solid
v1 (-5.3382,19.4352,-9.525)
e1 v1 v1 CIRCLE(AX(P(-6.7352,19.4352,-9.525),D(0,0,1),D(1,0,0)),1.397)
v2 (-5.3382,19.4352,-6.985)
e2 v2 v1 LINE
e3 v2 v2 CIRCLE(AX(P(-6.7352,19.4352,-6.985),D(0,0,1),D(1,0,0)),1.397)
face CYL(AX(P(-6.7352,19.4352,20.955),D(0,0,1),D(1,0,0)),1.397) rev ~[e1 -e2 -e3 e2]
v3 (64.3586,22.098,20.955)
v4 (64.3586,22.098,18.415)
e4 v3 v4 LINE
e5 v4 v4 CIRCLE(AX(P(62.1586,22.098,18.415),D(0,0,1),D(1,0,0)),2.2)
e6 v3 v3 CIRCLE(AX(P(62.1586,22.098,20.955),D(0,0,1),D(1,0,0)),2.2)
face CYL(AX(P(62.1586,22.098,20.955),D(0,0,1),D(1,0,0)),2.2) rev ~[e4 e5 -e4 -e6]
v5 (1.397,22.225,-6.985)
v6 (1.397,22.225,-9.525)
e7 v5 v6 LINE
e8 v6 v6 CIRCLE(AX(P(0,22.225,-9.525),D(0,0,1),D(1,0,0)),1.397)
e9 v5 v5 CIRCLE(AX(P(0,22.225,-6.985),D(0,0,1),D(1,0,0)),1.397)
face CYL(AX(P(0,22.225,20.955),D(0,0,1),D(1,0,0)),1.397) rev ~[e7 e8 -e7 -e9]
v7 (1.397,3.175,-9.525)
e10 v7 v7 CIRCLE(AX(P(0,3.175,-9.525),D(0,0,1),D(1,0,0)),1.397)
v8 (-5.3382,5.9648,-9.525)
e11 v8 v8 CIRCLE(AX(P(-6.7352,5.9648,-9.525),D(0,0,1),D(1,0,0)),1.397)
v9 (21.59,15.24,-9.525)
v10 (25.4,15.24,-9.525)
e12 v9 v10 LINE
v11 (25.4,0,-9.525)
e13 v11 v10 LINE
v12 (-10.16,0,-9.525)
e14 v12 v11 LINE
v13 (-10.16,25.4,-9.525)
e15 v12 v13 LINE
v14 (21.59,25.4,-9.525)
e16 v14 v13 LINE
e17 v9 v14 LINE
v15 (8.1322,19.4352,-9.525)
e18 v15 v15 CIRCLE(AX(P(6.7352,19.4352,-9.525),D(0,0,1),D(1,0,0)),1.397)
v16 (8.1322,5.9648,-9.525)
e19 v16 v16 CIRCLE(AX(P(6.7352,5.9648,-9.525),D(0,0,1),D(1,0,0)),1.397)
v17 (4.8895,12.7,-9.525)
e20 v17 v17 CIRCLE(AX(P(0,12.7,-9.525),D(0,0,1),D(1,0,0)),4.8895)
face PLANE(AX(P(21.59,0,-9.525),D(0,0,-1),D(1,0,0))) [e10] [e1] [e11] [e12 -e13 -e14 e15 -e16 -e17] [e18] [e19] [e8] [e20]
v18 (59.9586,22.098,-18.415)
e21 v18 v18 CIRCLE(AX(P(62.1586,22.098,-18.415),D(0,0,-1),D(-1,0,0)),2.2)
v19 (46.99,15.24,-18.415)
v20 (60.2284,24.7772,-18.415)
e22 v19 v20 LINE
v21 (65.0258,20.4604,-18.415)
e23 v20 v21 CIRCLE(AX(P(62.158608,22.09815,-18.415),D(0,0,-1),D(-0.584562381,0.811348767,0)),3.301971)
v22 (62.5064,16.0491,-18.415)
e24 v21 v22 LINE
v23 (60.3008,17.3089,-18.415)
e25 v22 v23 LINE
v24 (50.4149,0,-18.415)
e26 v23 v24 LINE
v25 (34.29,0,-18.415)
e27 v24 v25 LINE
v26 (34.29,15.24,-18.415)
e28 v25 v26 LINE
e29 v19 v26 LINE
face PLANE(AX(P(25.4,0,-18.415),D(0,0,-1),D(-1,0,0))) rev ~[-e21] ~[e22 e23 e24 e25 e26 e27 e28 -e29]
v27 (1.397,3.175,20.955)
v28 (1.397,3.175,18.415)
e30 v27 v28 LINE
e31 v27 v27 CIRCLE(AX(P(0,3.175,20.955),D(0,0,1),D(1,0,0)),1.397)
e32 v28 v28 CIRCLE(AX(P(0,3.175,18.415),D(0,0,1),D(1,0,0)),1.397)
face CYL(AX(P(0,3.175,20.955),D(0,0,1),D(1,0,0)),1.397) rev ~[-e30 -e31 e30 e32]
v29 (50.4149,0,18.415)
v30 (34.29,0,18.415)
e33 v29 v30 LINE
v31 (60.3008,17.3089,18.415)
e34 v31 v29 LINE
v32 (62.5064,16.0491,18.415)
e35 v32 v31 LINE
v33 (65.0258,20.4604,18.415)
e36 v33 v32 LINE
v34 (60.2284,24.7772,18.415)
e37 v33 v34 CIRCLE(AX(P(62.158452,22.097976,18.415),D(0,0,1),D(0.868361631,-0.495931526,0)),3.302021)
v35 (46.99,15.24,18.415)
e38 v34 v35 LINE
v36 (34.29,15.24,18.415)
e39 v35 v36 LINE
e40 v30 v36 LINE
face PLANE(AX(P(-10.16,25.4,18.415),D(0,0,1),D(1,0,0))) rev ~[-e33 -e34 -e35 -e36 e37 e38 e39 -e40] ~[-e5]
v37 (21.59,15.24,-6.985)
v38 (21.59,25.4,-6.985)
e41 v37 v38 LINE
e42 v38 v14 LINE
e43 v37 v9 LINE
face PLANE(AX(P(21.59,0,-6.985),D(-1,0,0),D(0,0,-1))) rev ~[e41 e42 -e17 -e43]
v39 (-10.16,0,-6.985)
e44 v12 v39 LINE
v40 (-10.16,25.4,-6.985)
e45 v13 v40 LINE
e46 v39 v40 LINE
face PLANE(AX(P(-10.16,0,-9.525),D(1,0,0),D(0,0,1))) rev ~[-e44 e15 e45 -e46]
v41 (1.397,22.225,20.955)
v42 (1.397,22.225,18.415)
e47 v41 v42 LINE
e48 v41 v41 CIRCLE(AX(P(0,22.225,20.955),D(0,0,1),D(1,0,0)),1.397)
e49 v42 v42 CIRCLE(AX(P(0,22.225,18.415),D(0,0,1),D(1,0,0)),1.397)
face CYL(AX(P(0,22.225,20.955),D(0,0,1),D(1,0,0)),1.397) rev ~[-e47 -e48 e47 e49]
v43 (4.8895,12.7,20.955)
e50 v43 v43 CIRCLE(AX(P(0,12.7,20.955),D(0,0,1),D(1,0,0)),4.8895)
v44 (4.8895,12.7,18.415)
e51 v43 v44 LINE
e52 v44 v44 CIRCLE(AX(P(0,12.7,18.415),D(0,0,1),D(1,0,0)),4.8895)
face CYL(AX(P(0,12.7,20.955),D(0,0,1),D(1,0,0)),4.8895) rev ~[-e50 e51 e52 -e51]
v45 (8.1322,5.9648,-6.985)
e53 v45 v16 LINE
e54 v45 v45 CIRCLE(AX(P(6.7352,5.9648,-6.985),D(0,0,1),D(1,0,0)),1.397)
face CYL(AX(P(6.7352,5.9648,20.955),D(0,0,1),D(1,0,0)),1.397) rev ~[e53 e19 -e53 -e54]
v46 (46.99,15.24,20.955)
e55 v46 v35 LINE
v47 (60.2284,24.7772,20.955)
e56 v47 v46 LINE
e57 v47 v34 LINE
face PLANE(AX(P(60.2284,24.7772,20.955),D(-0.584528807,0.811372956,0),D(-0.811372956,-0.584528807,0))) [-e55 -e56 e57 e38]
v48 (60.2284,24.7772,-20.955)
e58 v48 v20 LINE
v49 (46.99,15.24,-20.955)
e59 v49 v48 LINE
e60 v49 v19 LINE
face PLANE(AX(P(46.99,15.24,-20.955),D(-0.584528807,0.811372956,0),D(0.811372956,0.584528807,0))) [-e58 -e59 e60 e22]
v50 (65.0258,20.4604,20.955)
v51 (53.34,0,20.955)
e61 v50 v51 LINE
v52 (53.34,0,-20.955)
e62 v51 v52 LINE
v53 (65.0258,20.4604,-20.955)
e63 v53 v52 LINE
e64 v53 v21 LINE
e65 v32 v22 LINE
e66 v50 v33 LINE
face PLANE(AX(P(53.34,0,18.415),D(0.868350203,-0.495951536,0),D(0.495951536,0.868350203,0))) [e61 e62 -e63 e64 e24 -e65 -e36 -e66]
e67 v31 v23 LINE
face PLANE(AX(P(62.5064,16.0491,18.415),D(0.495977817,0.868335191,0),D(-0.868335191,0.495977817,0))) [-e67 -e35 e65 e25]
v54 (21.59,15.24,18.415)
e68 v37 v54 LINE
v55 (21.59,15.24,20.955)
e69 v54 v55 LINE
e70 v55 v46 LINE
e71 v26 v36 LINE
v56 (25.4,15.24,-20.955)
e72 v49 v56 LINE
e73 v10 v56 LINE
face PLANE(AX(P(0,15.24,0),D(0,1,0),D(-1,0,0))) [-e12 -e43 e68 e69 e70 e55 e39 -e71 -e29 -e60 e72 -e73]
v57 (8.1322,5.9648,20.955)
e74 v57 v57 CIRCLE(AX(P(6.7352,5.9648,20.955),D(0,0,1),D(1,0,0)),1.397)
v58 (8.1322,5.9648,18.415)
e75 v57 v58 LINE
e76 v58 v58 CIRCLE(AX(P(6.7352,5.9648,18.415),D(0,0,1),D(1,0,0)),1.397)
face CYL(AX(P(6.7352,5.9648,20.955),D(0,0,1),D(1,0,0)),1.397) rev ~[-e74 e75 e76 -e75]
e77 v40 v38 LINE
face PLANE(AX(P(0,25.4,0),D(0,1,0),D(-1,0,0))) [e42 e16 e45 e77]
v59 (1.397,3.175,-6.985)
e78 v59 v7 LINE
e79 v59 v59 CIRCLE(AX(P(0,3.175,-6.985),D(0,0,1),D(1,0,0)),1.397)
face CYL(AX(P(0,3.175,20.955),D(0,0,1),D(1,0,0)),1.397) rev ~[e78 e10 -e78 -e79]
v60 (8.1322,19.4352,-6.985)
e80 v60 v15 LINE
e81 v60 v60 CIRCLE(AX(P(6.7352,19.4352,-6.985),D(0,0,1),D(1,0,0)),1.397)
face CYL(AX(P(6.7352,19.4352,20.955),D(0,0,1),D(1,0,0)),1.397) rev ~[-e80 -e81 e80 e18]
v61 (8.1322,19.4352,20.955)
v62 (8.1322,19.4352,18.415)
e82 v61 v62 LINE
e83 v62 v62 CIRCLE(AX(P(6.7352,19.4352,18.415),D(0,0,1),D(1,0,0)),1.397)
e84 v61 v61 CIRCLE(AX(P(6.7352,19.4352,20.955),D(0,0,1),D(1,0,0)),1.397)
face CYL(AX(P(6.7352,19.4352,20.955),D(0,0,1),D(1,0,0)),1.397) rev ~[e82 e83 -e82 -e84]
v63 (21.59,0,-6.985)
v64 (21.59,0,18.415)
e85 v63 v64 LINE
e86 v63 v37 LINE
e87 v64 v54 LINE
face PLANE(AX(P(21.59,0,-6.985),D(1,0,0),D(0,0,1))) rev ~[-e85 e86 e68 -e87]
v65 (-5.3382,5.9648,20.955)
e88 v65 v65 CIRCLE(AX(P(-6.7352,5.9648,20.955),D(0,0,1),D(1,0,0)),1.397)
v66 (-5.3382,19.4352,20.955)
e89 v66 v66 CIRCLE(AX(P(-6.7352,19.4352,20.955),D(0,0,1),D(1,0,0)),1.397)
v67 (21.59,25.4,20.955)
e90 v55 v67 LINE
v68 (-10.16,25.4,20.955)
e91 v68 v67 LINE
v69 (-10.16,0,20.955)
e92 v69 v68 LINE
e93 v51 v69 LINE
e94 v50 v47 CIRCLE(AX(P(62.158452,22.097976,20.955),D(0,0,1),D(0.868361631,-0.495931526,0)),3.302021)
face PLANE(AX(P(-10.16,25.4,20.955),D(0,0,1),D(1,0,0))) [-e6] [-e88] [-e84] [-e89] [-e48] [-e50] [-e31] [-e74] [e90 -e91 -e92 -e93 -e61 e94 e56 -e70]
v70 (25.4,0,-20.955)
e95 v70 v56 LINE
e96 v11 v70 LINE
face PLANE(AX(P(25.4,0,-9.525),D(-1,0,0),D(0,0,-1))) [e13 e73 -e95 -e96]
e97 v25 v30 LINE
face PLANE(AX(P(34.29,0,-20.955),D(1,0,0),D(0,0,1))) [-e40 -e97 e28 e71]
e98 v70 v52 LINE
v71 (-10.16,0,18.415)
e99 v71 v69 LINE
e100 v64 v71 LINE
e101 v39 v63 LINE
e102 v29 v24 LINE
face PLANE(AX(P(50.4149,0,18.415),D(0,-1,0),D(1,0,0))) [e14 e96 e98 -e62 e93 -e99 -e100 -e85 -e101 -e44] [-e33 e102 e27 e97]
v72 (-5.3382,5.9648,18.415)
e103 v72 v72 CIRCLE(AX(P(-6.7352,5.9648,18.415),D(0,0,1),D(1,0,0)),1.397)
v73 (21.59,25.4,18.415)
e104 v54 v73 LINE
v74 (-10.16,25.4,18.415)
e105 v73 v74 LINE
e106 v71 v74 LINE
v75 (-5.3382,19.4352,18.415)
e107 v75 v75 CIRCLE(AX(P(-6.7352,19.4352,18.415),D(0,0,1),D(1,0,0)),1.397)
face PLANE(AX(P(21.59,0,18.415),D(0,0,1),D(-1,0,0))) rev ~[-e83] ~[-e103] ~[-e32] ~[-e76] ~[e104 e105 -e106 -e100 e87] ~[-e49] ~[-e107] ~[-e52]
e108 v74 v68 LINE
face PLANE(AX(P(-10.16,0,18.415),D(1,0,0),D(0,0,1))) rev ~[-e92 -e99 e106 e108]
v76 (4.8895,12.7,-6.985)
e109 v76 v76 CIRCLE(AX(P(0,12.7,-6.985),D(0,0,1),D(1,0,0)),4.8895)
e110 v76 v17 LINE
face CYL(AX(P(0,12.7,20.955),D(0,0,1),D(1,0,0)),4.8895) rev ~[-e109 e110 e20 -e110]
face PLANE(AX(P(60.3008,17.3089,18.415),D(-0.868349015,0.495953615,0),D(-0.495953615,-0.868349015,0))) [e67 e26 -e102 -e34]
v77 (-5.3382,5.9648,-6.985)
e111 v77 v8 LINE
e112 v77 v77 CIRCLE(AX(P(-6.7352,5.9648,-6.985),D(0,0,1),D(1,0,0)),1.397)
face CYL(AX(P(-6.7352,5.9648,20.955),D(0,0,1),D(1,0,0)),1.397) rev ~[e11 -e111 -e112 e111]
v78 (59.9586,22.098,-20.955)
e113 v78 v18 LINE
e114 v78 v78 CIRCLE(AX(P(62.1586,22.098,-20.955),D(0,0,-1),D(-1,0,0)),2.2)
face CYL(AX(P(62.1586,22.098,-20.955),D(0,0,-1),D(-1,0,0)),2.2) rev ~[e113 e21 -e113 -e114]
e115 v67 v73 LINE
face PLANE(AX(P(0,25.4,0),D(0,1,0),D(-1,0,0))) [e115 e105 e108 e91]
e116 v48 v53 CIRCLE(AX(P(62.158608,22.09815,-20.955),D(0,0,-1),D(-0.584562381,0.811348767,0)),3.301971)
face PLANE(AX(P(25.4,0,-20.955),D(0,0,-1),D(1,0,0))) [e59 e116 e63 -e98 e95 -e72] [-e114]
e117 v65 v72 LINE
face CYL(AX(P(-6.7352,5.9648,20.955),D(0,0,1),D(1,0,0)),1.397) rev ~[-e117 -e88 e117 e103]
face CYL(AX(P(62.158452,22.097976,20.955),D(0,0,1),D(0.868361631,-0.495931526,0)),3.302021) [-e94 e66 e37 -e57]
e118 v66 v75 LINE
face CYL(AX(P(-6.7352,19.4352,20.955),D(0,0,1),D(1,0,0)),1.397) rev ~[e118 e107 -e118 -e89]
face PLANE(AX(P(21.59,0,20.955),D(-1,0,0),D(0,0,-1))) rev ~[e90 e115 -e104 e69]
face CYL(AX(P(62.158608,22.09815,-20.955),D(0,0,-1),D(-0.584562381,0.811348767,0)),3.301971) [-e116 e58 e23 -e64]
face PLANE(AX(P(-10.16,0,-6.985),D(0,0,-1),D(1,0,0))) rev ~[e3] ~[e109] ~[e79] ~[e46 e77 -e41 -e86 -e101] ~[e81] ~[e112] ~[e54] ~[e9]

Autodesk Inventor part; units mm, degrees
ref_plane "YZ Plane" through (0, 0, 0) normal (1, 0, 0) x (0, 1, 0)
ref_plane "XZ Plane" through (0, 0, 0) normal (0, 1, 0) x (-1, 0, 0)
ref_plane "XY Plane" through (0, 0, 0) normal (0, 0, 1) x (1, 0, 0)
sketch "Sketch1" plane through (0, 0, 0) normal (0, 1, 0) x (-1, 0, 0)
  line L0 (10.16, 20.955) -> (-21.59, 20.955)
  line L1 (-21.59, 20.955) -> (-21.59, 18.415)
  line L2 (-21.59, 18.415) -> (10.16, 18.415)
  line L3 (10.16, 18.415) -> (10.16, 20.955)
  line L4 (10.16, -6.985) -> (-21.59, -6.985)
  line L5 (-21.59, -6.985) -> (-21.59, -9.525)
  line L6 (-21.59, -9.525) -> (10.16, -9.525)
  line L7 (10.16, -9.525) -> (10.16, -6.985)
  point P0 (0, 0)
  dimension "d0" = 31.75
  dimension "d1" = 2.54
  dimension "d2" = 10.16
  dimension "d3" = 20.955
  dimension "d4" = 31.75
  dimension "d5" = 2.54
  dimension "d6" = 10.16
  dimension "d7" = 30.48
extrude "Extrusion1" add sketch "Sketch1" along normal blind 25.4
sketch "Sketch2" plane through (0, 0, 0) normal (0, 1, 0) x (-1, 0, 0)
  line L0 (-21.59, 18.415) -> (10.16, 18.415) projected
  line L1 (10.16, -6.985) -> (-21.59, -6.985) projected
  line L2 (-21.59, 18.415) -> (-34.29, 18.415)
  line L3 (10.16, 18.415) -> (10.16, 20.955) projected
  line L4 (-21.59, -9.525) -> (-25.4, -9.525)
  line L5 (-21.59, -6.985) -> (-21.59, -9.525) projected
  line L6 (-21.59, -9.525) -> (-21.59, 18.415)
  line L7 (-25.4, -9.525) -> (-25.4, -20.955)
  line L8 (-25.4, -20.955) -> (-34.29, -20.955)
  line L9 (-34.29, -20.955) -> (-34.29, 18.415)
  line L10 (-21.59, 18.415) -> (10.16, 18.415) projected
  line L11 (10.16, -9.525) -> (10.16, -6.985) projected
  line L12 (10.16, 20.955) -> (-21.59, 20.955) projected
  point P0 (0, 0)
  point P1 (-21.59, -6.985)
  dimension "d16" = 35.56
  dimension "d17" = 41.91
  dimension "d18" = 12.7
extrude "Extrusion2" add sketch "Sketch2" along normal blind 15.24
sketch "Sketch4" plane through (0, 0, 0) normal (0, 1, 0) x (-1, 0, 0)
  line L0 (-34.29, -20.955) -> (-25.4, -20.955) projected
  line L1 (-34.29, -20.955) -> (-53.34, -20.955)
  line L2 (-53.34, -20.955) -> (-53.34, -18.415)
  line L3 (-53.34, -18.415) -> (-34.29, -18.415)
  line L4 (-34.29, -18.415) -> (-34.29, -20.955)
  line L5 (-21.59, 20.955) -> (-53.34, 20.955)
  line L6 (-53.34, 20.955) -> (-53.34, 18.415)
  line L7 (-53.34, 18.415) -> (-21.59, 18.415)
  line L8 (-21.59, 18.415) -> (-21.59, 20.955)
  line L9 (10.16, 18.415) -> (10.16, 20.955) projected
  line L10 (10.16, -9.525) -> (10.16, -6.985) projected
  point P0 (0, 0)
  point P1 (-50.8, -18.415)
  dimension "d20" = 2.54
  dimension "d24" = 2.54
  dimension "d55" = 63.5
  dimension "d56" = 63.5
extrude "Extrusion3" add sketch "Sketch4" along normal blind 15.24
sketch "Sketch5" plane through (-10.16, 25.4, 20.955) normal (0, 0, 1) x (1, 0, 0)
  circle A0 centre (10.16, -12.7) radius 4.8895
  line L0 (0, -25.4) -> (0, 0) projected
  line L1 (-16.3, -25.4) -> (92.4658, -25.4) projected
  circle A1 centre (10.16, -22.225) radius 1.397
  circle A2 centre (16.8952, -19.4352) radius 1.397
  circle A3 centre (19.685, -12.7) radius 1.397
  circle A4 centre (16.8952, -5.9648) radius 1.397
  circle A5 centre (10.16, -3.175) radius 1.397
  circle A6 centre (3.4248, -5.9648) radius 1.397
  circle A7 centre (0.635, -12.7) radius 1.397
  circle A8 centre (3.4248, -19.4352) radius 1.397
  point P0 (10.16, -25.4)
  dimension "d26" = 9.779
  dimension "d27" = 10.16
  dimension "d28" = 12.7
  dimension "d29" = 2.794
  dimension "d30" = 9.525
  dimension "d33" = 360
extrude "Extrusion4" cut sketch "Sketch5" against normal through all contours A0 | A1 | A2 | A4 | A5 | A6 | A8
sketch "Sketch6" plane through (-10.16, 25.4, 20.955) normal (0, 0, 1) x (1, 0, 0)
  circle A0 centre (72.3186, -3.302) radius 2.2
  circle A1 centre (10.16, -12.7) radius 4.8895 construction
  line L0 (0, 0) -> (31.75, 0) construction
  line L1 (75.6206, -25.4) -> (75.6206, 0) construction
  line L2 (75.6206, -25.4) -> (101.0206, -25.4) construction
  arc A2 (75.1858, -4.9396) -> (70.3884, -0.6228) centre (72.3186, -3.302) ccw
  line L3 (63.5, -25.4) -> (44.45, -25.4) construction
  line L4 (75.1858, -4.9396) -> (98.796, -4.9396) construction
  line L5 (70.3884, -0.6228) -> (57.15, -10.16)
  line L6 (63.5, -10.16) -> (44.45, -10.16) construction
  line L7 (63.5, -25.4) -> (63.5, -10.16) construction
  line L8 (31.75, -10.16) -> (63.5, -10.16) projected
  line L9 (0, -25.4) -> (63.5, -25.4) projected
  line L10 (75.1858, -4.9396) -> (63.5, -25.4)
  line L11 (57.15, -10.16) -> (63.5, -25.4)
  point P0 (10.16, -25.4)
  point P1 (60.96, -25.4)
  point P2 (60.96, -10.16)
  dimension "d37" = 4.4
  dimension "d38" = 62.865
  dimension "d39" = 3.302
  dimension "d40" = 25.4
  dimension "d41" = 90
  dimension "d42" = 3.302
  dimension "d53" = 6.604
  dimension "d57" = 6.35
extrude "Extrusion8" add sketch "Sketch6" against normal blind 2.54
sketch "Sketch9" plane through (25.4, 0, -20.955) normal (0, 0, -1) x (-1, 0, 0)
  line L0 (-39.6182, 20.447) -> (-27.94, 0.2198) projected
  line L1 (-21.59, 15.24) -> (-34.8284, 24.7772) projected
  arc A0 (-34.8284, 24.7772) -> (-39.6258, 20.4604) centre (-36.7586, 22.098) ccw projected
  circle A1 centre (-36.7586, 22.098) radius 2.2 projected
  line L2 (-39.6258, 20.4604) -> (-27.94, 0) projected
  line L3 (-27.94, 0) -> (-8.89, 0) projected
  line L4 (-21.59, 15.24) -> (-27.94, 0)
  point P0 (25.4, 0)
extrude "Extrusion10" add sketch "Sketch9" against normal blind 2.54
sketch "Sketch10" plane through (34.29, 0, 18.415) normal (0, 0, -1) x (-1, 0, 0)
  line L0 (-19.05, 0) -> (-30.7358, 20.4604) projected
  line L1 (-28.2164, 16.0491) -> (-26.0108, 17.3089)
  circle A0 centre (-27.8686, 22.098) radius 2.2 construction
  line L2 (44.45, 0) -> (-19.05, 0) construction
  line L3 (-19.05, 0) -> (-17.5875, 0) construction
  line L4 (-26.0108, 17.3089) -> (-16.1249, 0)
  line L5 (-16.1249, 0) -> (-19.05, 0)
  point P0 (34.29, 0)
  dimension "d64" = 2.54
  dimension "d65" = 5.08
extrude "Extrusion11" add sketch "Sketch10" along normal up to surface (36.83 mm away)
equation "\"d5\" = d1"
equation "\"d6\" = d2"
equation "\"d56\" = d55"
properties part number "Odometry holder for metal drive train"
